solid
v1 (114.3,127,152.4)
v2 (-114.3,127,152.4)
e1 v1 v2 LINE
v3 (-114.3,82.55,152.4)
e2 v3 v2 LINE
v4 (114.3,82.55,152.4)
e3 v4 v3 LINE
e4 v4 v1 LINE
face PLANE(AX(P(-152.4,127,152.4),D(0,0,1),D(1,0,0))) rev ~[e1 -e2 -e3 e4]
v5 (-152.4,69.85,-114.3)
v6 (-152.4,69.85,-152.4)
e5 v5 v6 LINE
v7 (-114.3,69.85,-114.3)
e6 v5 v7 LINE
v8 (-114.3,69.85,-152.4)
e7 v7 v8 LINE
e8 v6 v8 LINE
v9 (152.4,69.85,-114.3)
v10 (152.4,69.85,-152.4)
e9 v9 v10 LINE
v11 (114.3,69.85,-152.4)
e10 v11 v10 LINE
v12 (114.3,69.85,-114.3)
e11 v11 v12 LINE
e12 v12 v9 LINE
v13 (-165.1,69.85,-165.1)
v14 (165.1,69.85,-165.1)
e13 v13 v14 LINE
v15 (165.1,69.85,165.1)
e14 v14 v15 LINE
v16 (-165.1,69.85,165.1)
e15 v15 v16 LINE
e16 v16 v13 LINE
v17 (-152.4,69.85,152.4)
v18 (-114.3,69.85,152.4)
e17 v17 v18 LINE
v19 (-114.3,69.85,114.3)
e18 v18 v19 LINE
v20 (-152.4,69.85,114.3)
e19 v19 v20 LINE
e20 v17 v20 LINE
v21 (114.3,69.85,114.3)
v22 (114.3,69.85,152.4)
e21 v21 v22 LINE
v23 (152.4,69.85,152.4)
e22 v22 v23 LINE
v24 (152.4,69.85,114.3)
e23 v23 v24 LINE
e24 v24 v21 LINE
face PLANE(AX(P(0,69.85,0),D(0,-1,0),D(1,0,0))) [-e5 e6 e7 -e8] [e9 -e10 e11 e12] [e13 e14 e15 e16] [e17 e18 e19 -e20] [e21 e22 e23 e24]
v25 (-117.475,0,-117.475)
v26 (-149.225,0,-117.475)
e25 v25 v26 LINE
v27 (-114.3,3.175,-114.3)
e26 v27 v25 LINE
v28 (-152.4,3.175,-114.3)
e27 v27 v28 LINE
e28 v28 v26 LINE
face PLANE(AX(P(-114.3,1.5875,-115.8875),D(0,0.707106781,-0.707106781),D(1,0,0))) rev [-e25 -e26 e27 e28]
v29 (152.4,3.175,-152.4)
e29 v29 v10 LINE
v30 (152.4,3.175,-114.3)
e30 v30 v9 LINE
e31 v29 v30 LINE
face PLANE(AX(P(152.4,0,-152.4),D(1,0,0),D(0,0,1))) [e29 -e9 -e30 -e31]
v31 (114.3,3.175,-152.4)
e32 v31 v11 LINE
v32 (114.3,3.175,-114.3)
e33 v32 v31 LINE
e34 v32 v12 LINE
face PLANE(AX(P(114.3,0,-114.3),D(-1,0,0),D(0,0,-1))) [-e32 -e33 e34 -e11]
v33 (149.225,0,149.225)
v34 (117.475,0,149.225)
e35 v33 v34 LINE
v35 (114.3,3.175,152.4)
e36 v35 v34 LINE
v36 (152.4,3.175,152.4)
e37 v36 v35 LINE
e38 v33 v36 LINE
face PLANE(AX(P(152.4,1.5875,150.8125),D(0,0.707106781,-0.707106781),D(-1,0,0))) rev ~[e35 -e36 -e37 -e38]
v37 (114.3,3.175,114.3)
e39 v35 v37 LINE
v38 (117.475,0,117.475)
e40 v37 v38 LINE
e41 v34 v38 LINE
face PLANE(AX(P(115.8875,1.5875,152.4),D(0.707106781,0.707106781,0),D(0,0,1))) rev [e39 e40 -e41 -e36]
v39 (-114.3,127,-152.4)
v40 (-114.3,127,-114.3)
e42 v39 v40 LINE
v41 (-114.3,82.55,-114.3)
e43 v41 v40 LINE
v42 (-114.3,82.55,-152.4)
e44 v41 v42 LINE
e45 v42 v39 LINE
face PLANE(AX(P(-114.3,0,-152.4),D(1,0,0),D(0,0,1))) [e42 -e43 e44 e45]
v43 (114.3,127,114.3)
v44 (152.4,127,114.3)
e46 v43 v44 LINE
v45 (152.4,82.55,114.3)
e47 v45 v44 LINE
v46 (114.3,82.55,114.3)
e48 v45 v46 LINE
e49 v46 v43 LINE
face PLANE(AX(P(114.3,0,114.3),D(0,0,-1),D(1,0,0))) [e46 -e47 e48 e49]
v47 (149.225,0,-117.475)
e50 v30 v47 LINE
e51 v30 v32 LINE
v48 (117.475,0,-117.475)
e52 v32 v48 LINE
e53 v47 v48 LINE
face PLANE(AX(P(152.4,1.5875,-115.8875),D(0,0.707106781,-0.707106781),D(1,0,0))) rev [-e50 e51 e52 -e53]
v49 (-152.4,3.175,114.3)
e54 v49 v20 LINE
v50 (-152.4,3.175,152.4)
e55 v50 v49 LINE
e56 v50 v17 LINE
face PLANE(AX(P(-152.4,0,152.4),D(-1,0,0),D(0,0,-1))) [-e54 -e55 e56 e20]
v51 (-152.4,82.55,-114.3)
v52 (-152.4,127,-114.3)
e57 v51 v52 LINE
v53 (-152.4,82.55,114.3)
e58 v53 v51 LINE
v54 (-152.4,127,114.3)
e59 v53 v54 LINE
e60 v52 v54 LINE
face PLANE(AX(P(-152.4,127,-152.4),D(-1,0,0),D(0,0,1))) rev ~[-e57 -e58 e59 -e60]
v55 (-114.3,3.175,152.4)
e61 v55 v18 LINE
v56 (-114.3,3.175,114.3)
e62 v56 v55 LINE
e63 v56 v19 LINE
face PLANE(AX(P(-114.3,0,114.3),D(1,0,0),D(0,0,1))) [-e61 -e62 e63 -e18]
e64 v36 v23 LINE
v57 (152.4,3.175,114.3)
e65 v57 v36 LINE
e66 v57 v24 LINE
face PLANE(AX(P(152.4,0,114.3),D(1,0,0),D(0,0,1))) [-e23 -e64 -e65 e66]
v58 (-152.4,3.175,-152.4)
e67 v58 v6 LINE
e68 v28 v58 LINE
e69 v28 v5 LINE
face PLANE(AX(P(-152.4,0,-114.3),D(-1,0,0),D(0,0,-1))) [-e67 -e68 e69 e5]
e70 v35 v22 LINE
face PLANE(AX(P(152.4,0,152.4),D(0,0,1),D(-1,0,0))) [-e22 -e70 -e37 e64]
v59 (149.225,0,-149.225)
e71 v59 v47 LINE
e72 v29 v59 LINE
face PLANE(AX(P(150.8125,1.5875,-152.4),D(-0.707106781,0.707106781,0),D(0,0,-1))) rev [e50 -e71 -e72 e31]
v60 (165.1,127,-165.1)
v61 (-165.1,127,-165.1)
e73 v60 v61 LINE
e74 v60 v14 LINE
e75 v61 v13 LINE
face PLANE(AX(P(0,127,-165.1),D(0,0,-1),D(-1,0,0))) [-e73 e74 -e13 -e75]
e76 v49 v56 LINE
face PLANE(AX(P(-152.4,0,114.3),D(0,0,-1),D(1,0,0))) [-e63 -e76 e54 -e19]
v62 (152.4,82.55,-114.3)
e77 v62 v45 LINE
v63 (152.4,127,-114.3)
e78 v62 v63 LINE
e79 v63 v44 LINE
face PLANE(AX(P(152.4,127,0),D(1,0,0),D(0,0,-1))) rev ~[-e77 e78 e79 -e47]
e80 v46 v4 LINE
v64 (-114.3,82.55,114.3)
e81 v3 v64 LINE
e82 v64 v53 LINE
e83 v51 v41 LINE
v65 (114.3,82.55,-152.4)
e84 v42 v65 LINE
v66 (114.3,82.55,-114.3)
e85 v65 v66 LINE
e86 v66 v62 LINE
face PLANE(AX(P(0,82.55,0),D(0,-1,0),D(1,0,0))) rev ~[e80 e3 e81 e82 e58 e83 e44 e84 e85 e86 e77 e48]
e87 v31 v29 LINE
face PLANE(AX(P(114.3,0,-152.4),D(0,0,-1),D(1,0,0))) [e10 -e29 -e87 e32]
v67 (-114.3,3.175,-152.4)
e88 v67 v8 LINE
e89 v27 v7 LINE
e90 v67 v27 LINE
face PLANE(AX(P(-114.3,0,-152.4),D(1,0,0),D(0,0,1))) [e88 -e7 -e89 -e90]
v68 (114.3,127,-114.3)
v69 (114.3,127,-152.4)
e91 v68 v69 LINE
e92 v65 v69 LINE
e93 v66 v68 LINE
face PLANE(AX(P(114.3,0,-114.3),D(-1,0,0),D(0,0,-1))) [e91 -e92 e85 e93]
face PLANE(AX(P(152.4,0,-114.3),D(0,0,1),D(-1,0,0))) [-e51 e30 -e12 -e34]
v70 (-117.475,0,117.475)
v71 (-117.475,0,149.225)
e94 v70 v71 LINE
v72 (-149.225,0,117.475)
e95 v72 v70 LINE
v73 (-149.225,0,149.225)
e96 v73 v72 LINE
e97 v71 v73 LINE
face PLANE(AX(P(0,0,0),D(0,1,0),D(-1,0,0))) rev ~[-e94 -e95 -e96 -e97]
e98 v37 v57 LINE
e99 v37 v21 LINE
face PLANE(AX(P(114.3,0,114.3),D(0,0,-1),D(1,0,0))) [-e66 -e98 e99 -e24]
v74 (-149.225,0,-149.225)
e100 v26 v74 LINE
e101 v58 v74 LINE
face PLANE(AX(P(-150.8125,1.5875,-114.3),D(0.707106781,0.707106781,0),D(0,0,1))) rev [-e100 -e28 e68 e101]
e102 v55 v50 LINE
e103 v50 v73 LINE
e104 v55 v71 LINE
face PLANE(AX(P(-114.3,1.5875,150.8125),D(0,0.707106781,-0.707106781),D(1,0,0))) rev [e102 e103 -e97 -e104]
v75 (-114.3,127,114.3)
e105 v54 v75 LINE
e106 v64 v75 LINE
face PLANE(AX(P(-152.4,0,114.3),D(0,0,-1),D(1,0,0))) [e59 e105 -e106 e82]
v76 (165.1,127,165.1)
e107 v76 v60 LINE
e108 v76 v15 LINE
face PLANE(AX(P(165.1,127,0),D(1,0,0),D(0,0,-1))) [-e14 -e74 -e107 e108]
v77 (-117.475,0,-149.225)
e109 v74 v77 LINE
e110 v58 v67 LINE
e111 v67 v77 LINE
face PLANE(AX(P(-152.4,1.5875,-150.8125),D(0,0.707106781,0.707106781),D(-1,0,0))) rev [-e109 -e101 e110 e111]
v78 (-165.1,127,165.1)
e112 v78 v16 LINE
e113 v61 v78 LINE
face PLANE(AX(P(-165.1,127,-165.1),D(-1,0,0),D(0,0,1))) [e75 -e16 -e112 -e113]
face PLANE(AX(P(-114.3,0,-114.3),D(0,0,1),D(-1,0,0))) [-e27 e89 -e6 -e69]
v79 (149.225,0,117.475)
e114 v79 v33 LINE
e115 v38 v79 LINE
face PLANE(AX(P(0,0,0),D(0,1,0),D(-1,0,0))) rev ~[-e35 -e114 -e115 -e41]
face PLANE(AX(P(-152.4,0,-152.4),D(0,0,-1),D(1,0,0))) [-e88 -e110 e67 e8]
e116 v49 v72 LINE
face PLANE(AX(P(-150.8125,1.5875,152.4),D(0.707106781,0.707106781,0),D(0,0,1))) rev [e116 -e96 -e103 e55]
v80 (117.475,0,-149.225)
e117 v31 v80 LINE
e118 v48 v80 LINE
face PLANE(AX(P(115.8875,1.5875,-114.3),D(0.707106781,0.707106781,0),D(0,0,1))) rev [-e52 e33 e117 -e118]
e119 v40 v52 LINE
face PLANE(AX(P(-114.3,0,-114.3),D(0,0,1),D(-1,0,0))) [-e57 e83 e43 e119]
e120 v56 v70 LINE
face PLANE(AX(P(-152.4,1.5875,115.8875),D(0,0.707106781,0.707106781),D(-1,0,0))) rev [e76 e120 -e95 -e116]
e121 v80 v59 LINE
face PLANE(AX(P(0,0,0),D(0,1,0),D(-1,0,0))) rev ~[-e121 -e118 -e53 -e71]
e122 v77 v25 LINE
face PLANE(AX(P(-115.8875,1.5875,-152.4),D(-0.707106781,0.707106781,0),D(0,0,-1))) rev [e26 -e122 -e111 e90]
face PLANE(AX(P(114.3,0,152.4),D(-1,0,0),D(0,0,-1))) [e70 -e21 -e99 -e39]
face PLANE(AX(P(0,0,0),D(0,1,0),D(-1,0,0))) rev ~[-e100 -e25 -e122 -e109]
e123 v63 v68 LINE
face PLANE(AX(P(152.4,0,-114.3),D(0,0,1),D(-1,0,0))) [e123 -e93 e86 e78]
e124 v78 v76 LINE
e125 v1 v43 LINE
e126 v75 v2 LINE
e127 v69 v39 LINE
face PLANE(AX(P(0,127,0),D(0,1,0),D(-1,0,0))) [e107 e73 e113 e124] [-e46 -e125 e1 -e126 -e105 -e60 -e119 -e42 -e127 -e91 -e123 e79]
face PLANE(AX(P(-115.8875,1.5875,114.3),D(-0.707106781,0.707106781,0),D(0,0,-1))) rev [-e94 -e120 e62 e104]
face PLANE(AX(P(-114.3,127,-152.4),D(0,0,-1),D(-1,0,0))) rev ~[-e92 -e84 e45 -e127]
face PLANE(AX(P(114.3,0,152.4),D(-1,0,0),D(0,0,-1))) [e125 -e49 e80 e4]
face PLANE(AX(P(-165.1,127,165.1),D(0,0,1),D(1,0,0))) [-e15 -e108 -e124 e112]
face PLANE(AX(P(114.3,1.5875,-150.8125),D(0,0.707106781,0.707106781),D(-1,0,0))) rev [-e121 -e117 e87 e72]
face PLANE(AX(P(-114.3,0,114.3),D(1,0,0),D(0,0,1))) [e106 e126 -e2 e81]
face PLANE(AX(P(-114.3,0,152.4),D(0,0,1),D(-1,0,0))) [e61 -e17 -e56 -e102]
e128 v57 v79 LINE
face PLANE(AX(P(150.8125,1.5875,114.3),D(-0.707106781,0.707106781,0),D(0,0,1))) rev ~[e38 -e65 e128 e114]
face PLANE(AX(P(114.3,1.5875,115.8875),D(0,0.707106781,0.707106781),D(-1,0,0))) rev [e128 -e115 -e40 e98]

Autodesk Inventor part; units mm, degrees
ref_plane "YZ Plane" through (0, 0, 0) normal (1, 0, 0) x (0, 1, 0)
ref_plane "XZ Plane" through (0, 0, 0) normal (0, 1, 0) x (-1, 0, 0)
ref_plane "XY Plane" through (0, 0, 0) normal (0, 0, 1) x (1, 0, 0)
sketch "Sketch1" plane through (0, 0, 0) normal (0, 1, 0) x (-1, 0, 0)
  line L0 (-152.4, 152.4) -> (152.4, 152.4) construction
  line L1 (152.4, 152.4) -> (152.4, -152.4) construction
  line L2 (152.4, -152.4) -> (-152.4, -152.4) construction
  line L3 (-152.4, -152.4) -> (-152.4, 152.4) construction
  line L4 (-152.4, 152.4) -> (152.4, -152.4) construction
  line L5 (152.4, 152.4) -> (-152.4, -152.4) construction
  line L6 (152.4, -152.4) -> (114.3, -152.4)
  line L7 (114.3, -152.4) -> (114.3, -114.3)
  line L8 (114.3, -114.3) -> (152.4, -114.3)
  line L9 (152.4, -114.3) -> (152.4, -152.4)
  line L10 (152.4, 152.4) -> (152.4, 114.3)
  line L11 (152.4, 114.3) -> (114.3, 114.3)
  line L12 (114.3, 114.3) -> (114.3, 152.4)
  line L13 (114.3, 152.4) -> (152.4, 152.4)
  line L14 (-152.4, 152.4) -> (-114.3, 152.4)
  line L15 (-114.3, 152.4) -> (-114.3, 114.3)
  line L16 (-114.3, 114.3) -> (-152.4, 114.3)
  line L17 (-152.4, 114.3) -> (-152.4, 152.4)
  line L18 (-152.4, -152.4) -> (-152.4, -114.3)
  line L19 (-152.4, -114.3) -> (-114.3, -114.3)
  line L20 (-114.3, -114.3) -> (-114.3, -152.4)
  line L21 (-114.3, -152.4) -> (-152.4, -152.4)
  point P0 (0, 0)
  dimension "d0" = 304.8
  dimension "d1" = 304.8
  dimension "d2" = 38.1
  dimension "d5" = 360
extrude "Extrusion1" add sketch "Sketch1" along normal blind 127
sketch "Sketch2" plane through (0, 127, 0) normal (0, 1, 0) x (1, 0, 0)
  line L0 (-114.3, 152.4) -> (-152.4, 152.4) projected
  line L1 (-152.4, 152.4) -> (-152.4, 114.3) projected
  line L2 (-152.4, 114.3) -> (-114.3, 114.3) projected
  line L3 (-114.3, 114.3) -> (-114.3, 152.4) projected
  line L4 (152.4, 114.3) -> (152.4, 152.4) projected
  line L5 (152.4, 152.4) -> (114.3, 152.4) projected
  line L6 (114.3, 152.4) -> (114.3, 114.3) projected
  line L7 (114.3, 114.3) -> (152.4, 114.3) projected
  line L8 (114.3, -152.4) -> (152.4, -152.4) projected
  line L9 (152.4, -152.4) -> (152.4, -114.3) projected
  line L10 (152.4, -114.3) -> (114.3, -114.3) projected
  line L11 (114.3, -114.3) -> (114.3, -152.4) projected
  line L12 (-152.4, -114.3) -> (-152.4, -152.4) projected
  line L13 (-152.4, -152.4) -> (-114.3, -152.4) projected
  line L14 (-114.3, -152.4) -> (-114.3, -114.3) projected
  line L15 (-114.3, -114.3) -> (-152.4, -114.3) projected
  line L16 (0, 231.14) -> (0, -231.14) projected
  line L17 (231.14, 0) -> (-231.14, 0) projected
  line L18 (-152.4, 152.4) -> (-152.4, -152.4)
  line L19 (-152.4, -152.4) -> (152.4, -152.4)
  line L20 (152.4, -152.4) -> (152.4, 152.4)
  line L21 (152.4, 152.4) -> (-152.4, 152.4)
  line L22 (-165.1, 165.1) -> (-165.1, -165.1)
  line L23 (-165.1, -165.1) -> (165.1, -165.1)
  line L24 (165.1, -165.1) -> (165.1, 165.1)
  line L25 (165.1, 165.1) -> (-165.1, 165.1)
  point P0 (0, 0)
  dimension "d9" = 12.7
extrude "Extrusion2" add sketch "Sketch2" against normal blind 57.15 contours L0 L1 L18 L17 L22 L25 L16 L21 | L16 L25 L24 L17 L20 L4 L5 L21 | L18 L12 L13 L19 L16 L23 L22 L17 | L19 L8 L9 L20 L17 L24 L23 L16
sketch "Sketch3" plane through (0, 69.85, 0) normal (0, -1, 0) x (1, 0, 0)
  line L0 (-165.1, 165.1) -> (165.1, 165.1) projected
  line L1 (-165.1, -165.1) -> (-165.1, 165.1) projected
  line L2 (-165.1, 165.1) -> (165.1, 165.1) projected
  line L3 (165.1, 165.1) -> (165.1, -165.1) projected
  line L4 (165.1, -165.1) -> (-165.1, -165.1) projected
  line L5 (114.3, 152.4) -> (-114.3, 152.4) projected
  line L6 (-114.3, 152.4) -> (-114.3, 114.3) projected
  line L7 (-114.3, 114.3) -> (-152.4, 114.3) projected
  line L8 (-152.4, 114.3) -> (-152.4, -114.3) projected
  line L9 (-152.4, -114.3) -> (-114.3, -114.3) projected
  line L10 (-114.3, -114.3) -> (-114.3, -152.4) projected
  line L11 (-114.3, -152.4) -> (114.3, -152.4) projected
  line L12 (114.3, -152.4) -> (114.3, -114.3) projected
  line L13 (114.3, -114.3) -> (152.4, -114.3) projected
  line L14 (152.4, -114.3) -> (152.4, 114.3) projected
  line L15 (152.4, 114.3) -> (114.3, 114.3) projected
  line L16 (114.3, 114.3) -> (114.3, 152.4) projected
  point P0 (0, 0)
extrude "Extrusion3" add sketch "Sketch3" against normal blind 12.7 contours L16 L15 L14 L13 L12 L11 L10 L9 L8 L7 L6 L5
chamfer "Chamfer1" distance 3.175 angle 45 16 edges at (-152.4, 0, 133.35) (-133.35, 0, 152.4) (-114.3, 0, 133.35) (-133.35, 0, 114.3) (-152.4, 0, -133.35) (-133.35, 0, -114.3) (-114.3, 0, -133.35) (-133.35, 0, -152.4) (114.3, 0, -133.35) (133.35, 0, -152.4) (133.35, 0, -114.3) (152.4, 0, -133.35) (133.35, 0, 114.3) (114.3, 0, 133.35) (133.35, 0, 152.4) (152.4, 0, 133.35)
properties part number "Pen"
